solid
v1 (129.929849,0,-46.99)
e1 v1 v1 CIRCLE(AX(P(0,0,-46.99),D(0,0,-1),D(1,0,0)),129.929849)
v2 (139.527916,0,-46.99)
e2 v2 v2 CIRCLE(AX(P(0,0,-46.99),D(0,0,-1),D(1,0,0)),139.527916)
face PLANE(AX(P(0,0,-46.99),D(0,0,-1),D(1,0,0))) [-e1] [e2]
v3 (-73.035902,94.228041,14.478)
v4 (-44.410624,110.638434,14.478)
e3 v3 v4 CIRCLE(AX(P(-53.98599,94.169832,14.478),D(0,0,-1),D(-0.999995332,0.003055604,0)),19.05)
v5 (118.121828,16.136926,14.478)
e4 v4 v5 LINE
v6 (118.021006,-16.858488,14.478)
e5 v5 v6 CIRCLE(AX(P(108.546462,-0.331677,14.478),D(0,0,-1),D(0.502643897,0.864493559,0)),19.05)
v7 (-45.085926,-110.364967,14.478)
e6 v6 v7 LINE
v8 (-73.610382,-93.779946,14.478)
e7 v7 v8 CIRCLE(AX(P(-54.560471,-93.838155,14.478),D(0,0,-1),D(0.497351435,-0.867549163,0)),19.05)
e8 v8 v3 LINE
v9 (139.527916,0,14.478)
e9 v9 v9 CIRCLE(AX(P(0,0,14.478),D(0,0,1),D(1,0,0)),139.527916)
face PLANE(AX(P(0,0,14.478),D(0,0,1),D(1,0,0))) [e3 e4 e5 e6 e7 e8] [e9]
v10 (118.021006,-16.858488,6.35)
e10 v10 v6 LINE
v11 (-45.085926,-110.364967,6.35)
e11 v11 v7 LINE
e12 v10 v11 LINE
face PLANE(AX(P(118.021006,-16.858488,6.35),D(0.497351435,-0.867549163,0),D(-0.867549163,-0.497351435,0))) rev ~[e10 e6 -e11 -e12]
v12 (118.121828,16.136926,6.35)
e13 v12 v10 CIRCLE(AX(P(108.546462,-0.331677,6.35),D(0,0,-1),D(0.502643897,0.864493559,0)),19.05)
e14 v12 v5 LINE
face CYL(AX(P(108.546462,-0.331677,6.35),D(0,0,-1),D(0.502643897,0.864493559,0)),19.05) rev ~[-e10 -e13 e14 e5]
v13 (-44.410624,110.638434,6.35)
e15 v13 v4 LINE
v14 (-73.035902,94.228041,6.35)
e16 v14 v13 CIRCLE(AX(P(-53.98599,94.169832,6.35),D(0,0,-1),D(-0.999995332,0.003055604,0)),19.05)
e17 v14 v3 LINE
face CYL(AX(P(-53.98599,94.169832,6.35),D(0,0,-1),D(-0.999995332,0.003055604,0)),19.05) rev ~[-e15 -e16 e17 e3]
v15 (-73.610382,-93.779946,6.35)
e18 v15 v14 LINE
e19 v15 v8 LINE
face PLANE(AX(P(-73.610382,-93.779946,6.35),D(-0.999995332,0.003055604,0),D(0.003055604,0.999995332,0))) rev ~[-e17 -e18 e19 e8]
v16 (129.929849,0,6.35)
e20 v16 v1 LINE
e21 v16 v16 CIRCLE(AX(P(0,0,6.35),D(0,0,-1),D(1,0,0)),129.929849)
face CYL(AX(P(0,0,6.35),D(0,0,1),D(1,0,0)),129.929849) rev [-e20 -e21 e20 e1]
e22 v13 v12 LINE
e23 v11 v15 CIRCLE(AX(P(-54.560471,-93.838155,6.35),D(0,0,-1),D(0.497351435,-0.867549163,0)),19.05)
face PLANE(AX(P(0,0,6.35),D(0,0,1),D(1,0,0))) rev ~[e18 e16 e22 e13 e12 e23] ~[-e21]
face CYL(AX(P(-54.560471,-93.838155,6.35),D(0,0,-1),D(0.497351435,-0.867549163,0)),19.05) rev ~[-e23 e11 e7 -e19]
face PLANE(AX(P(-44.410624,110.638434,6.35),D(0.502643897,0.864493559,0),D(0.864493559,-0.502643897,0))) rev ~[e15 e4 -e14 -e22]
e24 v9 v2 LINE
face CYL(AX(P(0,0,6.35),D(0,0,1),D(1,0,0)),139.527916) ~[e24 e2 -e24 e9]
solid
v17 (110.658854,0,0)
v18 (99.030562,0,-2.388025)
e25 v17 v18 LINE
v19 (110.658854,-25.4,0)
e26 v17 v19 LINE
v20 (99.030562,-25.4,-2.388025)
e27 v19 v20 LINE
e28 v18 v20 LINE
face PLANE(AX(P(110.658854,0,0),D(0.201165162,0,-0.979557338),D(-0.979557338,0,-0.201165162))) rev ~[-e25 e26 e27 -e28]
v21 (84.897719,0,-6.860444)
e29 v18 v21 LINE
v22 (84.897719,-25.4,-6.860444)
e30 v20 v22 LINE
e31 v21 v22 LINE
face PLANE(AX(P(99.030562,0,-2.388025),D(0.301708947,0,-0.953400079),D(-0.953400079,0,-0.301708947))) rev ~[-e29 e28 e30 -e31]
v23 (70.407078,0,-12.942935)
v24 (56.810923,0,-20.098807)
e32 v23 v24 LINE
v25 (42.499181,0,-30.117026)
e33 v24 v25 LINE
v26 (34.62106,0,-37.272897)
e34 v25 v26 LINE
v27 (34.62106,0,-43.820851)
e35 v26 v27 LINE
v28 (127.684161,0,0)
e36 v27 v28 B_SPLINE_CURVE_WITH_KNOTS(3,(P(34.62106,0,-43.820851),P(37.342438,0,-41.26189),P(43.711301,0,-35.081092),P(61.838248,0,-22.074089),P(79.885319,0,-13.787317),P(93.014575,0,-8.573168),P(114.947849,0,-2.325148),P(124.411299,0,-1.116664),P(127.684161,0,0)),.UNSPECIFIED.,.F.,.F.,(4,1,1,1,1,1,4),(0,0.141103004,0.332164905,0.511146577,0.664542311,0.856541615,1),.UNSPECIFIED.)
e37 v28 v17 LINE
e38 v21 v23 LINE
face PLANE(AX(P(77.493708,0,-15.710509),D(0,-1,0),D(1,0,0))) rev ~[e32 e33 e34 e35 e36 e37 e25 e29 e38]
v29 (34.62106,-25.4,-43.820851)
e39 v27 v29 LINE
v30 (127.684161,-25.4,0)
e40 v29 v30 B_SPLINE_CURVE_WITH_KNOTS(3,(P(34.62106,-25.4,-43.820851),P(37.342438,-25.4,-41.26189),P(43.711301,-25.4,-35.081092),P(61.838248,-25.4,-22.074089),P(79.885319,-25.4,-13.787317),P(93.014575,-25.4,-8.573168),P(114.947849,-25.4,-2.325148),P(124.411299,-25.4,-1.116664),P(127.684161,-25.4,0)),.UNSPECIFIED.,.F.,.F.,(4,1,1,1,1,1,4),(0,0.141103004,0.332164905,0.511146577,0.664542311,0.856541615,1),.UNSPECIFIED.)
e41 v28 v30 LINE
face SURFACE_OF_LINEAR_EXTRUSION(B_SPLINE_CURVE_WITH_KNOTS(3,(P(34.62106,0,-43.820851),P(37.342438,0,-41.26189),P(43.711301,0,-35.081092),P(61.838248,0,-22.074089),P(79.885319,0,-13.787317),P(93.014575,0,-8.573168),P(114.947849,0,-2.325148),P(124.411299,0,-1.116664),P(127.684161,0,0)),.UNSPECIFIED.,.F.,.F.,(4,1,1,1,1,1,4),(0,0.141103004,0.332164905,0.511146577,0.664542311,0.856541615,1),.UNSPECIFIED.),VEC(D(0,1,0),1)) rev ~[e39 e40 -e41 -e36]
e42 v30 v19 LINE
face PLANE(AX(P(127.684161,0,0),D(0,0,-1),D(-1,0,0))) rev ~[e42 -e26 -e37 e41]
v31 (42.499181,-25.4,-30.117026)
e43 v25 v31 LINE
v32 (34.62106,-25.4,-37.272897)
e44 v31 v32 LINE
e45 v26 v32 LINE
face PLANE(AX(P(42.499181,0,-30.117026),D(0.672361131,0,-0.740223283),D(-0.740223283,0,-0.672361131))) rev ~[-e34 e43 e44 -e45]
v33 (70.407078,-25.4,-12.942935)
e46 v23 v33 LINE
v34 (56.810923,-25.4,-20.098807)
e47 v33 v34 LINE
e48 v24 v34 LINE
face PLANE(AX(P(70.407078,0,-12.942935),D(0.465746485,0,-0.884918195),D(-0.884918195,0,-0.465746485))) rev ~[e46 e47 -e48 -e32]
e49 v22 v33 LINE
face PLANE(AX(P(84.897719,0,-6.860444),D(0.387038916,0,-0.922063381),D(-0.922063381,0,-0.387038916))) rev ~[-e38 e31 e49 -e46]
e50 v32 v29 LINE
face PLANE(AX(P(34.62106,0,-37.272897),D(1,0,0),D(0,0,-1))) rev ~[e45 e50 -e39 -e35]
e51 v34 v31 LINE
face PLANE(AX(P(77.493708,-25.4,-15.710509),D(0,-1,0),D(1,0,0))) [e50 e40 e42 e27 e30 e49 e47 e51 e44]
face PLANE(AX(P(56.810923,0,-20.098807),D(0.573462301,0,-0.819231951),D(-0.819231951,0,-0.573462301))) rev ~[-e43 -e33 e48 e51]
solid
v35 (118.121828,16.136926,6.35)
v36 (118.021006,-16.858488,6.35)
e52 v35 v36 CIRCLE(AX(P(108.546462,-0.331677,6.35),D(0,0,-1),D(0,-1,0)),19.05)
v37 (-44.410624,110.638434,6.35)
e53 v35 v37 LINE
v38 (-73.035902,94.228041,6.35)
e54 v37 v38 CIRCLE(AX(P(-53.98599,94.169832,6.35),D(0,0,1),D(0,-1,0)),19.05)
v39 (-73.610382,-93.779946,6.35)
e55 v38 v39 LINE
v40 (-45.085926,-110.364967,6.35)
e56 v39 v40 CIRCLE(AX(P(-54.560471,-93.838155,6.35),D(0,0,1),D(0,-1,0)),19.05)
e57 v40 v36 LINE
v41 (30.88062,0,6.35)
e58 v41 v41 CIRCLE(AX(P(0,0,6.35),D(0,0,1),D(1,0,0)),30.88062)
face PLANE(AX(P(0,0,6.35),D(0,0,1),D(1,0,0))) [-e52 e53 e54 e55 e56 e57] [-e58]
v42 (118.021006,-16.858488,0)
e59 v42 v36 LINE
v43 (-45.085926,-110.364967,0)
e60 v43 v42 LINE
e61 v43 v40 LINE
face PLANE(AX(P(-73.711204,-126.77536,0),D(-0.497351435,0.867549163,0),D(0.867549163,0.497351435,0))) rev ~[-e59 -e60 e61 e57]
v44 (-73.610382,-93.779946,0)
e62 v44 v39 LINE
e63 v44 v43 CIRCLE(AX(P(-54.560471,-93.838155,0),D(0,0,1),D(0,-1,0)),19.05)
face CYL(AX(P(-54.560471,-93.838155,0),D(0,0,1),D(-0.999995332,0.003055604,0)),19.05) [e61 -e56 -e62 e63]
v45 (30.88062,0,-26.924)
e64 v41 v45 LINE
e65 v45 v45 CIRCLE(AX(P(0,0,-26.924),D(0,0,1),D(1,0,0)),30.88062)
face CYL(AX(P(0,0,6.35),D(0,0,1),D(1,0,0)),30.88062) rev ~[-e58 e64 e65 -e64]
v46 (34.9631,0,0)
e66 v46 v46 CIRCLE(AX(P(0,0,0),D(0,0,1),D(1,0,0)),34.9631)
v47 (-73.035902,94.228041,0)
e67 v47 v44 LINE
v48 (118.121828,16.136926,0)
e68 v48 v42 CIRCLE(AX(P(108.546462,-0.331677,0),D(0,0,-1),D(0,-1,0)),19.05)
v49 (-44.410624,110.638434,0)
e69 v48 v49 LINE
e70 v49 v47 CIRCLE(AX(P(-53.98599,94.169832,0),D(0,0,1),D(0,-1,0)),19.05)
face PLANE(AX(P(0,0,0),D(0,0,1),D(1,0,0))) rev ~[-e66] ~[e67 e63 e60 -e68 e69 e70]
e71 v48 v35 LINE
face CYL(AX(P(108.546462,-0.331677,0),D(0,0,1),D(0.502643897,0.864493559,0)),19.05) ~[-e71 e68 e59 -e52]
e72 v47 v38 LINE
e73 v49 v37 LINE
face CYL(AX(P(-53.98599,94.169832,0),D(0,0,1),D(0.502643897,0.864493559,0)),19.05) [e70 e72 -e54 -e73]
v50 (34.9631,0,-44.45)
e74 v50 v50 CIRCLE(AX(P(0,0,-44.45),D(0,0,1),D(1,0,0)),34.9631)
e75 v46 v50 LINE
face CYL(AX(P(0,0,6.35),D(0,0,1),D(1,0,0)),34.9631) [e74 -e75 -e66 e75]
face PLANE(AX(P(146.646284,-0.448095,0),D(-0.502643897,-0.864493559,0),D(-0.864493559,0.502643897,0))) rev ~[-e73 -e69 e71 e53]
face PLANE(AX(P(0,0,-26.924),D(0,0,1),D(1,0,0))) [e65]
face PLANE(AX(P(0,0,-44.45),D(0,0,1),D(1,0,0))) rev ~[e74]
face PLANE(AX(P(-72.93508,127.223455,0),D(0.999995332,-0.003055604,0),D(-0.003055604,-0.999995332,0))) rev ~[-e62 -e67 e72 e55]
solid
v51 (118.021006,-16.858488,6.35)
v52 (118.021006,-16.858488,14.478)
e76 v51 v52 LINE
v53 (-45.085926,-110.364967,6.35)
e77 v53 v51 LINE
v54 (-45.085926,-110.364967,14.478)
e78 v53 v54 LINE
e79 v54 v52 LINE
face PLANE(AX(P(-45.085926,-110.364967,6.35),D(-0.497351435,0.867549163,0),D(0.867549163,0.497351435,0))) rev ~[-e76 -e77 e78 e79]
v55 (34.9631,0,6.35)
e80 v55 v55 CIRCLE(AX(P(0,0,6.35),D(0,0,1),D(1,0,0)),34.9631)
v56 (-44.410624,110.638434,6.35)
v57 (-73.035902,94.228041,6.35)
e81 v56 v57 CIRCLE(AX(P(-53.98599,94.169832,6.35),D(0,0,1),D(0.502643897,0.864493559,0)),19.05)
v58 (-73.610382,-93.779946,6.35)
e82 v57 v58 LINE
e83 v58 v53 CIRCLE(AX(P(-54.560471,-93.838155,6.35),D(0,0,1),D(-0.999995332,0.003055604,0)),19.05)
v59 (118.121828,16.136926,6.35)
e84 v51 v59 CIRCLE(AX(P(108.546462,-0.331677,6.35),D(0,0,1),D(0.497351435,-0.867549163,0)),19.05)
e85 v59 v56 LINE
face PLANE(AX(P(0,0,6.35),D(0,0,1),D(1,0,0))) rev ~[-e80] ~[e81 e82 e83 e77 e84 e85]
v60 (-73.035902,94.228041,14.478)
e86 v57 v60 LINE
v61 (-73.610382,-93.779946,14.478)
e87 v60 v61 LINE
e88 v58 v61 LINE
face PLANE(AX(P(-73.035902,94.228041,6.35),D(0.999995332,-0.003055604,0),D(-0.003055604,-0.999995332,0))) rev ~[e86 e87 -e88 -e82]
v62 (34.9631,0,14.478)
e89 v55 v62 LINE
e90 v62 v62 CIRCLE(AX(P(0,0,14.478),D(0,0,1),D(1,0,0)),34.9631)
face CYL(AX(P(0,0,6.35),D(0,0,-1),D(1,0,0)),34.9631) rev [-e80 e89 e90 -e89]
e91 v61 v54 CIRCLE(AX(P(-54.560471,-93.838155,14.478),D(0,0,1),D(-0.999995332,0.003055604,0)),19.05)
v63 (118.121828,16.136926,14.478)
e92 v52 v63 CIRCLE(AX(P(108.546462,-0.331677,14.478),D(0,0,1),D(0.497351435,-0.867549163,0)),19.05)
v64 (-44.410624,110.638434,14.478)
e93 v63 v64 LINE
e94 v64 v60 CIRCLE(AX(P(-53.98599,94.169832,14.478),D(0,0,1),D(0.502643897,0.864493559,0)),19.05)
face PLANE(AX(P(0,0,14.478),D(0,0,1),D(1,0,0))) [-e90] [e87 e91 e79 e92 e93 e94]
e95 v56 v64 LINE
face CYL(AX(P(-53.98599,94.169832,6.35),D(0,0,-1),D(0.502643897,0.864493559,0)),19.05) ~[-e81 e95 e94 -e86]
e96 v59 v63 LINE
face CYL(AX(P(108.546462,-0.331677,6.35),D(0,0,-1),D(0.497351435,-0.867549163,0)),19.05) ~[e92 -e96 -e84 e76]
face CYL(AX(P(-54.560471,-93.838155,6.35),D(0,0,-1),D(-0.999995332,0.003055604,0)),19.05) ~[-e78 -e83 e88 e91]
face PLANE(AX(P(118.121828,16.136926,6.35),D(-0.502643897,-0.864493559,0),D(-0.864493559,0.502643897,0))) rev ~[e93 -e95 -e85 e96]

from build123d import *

# Parameters (mm, degrees)
F1_DEPTH  = 6.35
F2_R      = 19.05
F3_R      = 34.9631
F4_DEPTH  = 50.8
F5_R      = 30.8806200816
F6_DEPTH  = 33.274
F7_R      = 139.5279160075
F8_DEPTH  = 8.128
F9_R      = 139.5279160075
F9_R_2    = 129.9298488658
F10_DEPTH = 53.34
F12_DEPTH = 25.4


with BuildPart() as f1:
    # F0 (on Top) → F1 (new body)
    with BuildSketch(Plane.XY):
        Polygon((146.6462837719, -0.448095108), (-72.9350801391, 127.223454671), (-73.7112036328, -126.7753595631), align=None)
    extrude(amount=F1_DEPTH)

    # F2
    f2_edges = [f1.edges().sort_by_distance(p)[0] for p in [
        (-73.711204, -126.77536, 3.175),
        (146.646284, -0.448095, 3.175),
        (-72.93508, 127.223455, 3.175),
    ]]
    fillet(f2_edges, radius=F2_R)

    # F3 (on face) → F4 (join)
    with BuildSketch(Plane.XY.offset(6.35)):
        Circle(F3_R)
    extrude(amount=-F4_DEPTH)

    # F5 (on face) → F6 (cut)
    with BuildSketch(Plane.XY.offset(6.35)):
        Circle(F5_R)
    extrude(amount=-F6_DEPTH, mode=Mode.SUBTRACT)


with BuildPart() as f8:
    # F7 (on face) → F8 (new body)
    with BuildSketch(Plane.XY.offset(6.35)):
        Circle(F7_R)
        with BuildLine():
            ThreePointArc((-45.0859263318, -110.3649665318), (-64.1358373993, -110.3067572697), (-73.6103822335, -93.7799457144))
            Line((-73.6103822335, -93.7799457144), (-73.0359015384, 94.2280408223))
            ThreePointArc((-73.0359015384, 94.2280408223), (-63.460535305, 110.6966431157), (-44.4106242375, 110.6384338537))
            Line((-44.4106242375, 110.6384338537), (118.1218278702, 16.1369257094))
            ThreePointArc((118.1218278702, 16.1369257094), (127.5963727043, -0.3898858459), (118.0210064709, -16.8584881393))
            Line((118.0210064709, -16.8584881393), (-45.0859263318, -110.3649665318))
        make_face(mode=Mode.SUBTRACT)
    extrude(amount=F8_DEPTH)

    # F9 (on face) → F10 (join)
    with BuildSketch(Plane(origin=(0, 0, 6.35), x_dir=(1, 0, 0), z_dir=(0, 0, -1))):
        Circle(F9_R)
        Circle(F9_R_2, mode=Mode.SUBTRACT)
    extrude(amount=F10_DEPTH)


with BuildPart() as f8b:
    # F3 (on face) → F8, piece 2 (new body)
    with BuildSketch(Plane.XY.offset(6.35)):
        with BuildLine():
            ThreePointArc((-73.6103822335, -93.7799457144), (-64.1358373993, -110.3067572697), (-45.0859263318, -110.3649665318))
            Line((-45.0859263318, -110.3649665318), (118.0210064709, -16.8584881393))
            ThreePointArc((118.0210064709, -16.8584881393), (127.5963727043, -0.3898858459), (118.1218278702, 16.1369257094))
            Line((118.1218278702, 16.1369257094), (-44.4106242375, 110.6384338537))
            ThreePointArc((-44.4106242375, 110.6384338537), (-63.460535305, 110.6966431157), (-73.0359015384, 94.2280408223))
            Line((-73.0359015384, 94.2280408223), (-73.6103822335, -93.7799457144))
        make_face()
        Circle(F3_R, mode=Mode.SUBTRACT)
    extrude(amount=F8_DEPTH)


with BuildPart() as f12:
    # F11 (on Front) → F12 (new body)
    with BuildSketch(Plane.XZ):
        with BuildLine():
            Line((34.6210598946, -37.2728966177), (34.6210598946, -43.8208505511))
            add(Edge.make_bspline(
                [(34.6210598946, -43.8208505511), (37.3424381489, -41.2618896861), (43.7113013136, -35.0810915616), (61.838248232, -22.0740891901), (79.8853194232, -13.7873170703), (93.0145748577, -8.5731682167), (114.9478485777, -2.325147559), (124.4112987954, -1.1166638659), (127.684161067, 0)],
                knots=[0, 0, 0, 0, 0.1411030038, 0.3321649049, 0.5111465769, 0.6645423113, 0.8565416151, 1, 1, 1, 1], degree=3))
            Line((127.684161067, 0), (110.6588542461, 0))
            Line((110.6588542461, 0), (99.0305617452, -2.3880249355))
            Line((99.0305617452, -2.3880249355), (84.8977193236, -6.8604443222))
            Line((84.8977193236, -6.8604443222), (70.4070776701, -12.9429353401))
            Line((70.4070776701, -12.9429353401), (56.8109229207, -20.0988072902))
            Line((56.8109229207, -20.0988072902), (42.4991808832, -30.1170255989))
            Line((42.4991808832, -30.1170255989), (34.6210598946, -37.2728966177))
        make_face()
    extrude(amount=F12_DEPTH)


solid = Compound([f1.part, f8.part, f8b.part, f12.part])
